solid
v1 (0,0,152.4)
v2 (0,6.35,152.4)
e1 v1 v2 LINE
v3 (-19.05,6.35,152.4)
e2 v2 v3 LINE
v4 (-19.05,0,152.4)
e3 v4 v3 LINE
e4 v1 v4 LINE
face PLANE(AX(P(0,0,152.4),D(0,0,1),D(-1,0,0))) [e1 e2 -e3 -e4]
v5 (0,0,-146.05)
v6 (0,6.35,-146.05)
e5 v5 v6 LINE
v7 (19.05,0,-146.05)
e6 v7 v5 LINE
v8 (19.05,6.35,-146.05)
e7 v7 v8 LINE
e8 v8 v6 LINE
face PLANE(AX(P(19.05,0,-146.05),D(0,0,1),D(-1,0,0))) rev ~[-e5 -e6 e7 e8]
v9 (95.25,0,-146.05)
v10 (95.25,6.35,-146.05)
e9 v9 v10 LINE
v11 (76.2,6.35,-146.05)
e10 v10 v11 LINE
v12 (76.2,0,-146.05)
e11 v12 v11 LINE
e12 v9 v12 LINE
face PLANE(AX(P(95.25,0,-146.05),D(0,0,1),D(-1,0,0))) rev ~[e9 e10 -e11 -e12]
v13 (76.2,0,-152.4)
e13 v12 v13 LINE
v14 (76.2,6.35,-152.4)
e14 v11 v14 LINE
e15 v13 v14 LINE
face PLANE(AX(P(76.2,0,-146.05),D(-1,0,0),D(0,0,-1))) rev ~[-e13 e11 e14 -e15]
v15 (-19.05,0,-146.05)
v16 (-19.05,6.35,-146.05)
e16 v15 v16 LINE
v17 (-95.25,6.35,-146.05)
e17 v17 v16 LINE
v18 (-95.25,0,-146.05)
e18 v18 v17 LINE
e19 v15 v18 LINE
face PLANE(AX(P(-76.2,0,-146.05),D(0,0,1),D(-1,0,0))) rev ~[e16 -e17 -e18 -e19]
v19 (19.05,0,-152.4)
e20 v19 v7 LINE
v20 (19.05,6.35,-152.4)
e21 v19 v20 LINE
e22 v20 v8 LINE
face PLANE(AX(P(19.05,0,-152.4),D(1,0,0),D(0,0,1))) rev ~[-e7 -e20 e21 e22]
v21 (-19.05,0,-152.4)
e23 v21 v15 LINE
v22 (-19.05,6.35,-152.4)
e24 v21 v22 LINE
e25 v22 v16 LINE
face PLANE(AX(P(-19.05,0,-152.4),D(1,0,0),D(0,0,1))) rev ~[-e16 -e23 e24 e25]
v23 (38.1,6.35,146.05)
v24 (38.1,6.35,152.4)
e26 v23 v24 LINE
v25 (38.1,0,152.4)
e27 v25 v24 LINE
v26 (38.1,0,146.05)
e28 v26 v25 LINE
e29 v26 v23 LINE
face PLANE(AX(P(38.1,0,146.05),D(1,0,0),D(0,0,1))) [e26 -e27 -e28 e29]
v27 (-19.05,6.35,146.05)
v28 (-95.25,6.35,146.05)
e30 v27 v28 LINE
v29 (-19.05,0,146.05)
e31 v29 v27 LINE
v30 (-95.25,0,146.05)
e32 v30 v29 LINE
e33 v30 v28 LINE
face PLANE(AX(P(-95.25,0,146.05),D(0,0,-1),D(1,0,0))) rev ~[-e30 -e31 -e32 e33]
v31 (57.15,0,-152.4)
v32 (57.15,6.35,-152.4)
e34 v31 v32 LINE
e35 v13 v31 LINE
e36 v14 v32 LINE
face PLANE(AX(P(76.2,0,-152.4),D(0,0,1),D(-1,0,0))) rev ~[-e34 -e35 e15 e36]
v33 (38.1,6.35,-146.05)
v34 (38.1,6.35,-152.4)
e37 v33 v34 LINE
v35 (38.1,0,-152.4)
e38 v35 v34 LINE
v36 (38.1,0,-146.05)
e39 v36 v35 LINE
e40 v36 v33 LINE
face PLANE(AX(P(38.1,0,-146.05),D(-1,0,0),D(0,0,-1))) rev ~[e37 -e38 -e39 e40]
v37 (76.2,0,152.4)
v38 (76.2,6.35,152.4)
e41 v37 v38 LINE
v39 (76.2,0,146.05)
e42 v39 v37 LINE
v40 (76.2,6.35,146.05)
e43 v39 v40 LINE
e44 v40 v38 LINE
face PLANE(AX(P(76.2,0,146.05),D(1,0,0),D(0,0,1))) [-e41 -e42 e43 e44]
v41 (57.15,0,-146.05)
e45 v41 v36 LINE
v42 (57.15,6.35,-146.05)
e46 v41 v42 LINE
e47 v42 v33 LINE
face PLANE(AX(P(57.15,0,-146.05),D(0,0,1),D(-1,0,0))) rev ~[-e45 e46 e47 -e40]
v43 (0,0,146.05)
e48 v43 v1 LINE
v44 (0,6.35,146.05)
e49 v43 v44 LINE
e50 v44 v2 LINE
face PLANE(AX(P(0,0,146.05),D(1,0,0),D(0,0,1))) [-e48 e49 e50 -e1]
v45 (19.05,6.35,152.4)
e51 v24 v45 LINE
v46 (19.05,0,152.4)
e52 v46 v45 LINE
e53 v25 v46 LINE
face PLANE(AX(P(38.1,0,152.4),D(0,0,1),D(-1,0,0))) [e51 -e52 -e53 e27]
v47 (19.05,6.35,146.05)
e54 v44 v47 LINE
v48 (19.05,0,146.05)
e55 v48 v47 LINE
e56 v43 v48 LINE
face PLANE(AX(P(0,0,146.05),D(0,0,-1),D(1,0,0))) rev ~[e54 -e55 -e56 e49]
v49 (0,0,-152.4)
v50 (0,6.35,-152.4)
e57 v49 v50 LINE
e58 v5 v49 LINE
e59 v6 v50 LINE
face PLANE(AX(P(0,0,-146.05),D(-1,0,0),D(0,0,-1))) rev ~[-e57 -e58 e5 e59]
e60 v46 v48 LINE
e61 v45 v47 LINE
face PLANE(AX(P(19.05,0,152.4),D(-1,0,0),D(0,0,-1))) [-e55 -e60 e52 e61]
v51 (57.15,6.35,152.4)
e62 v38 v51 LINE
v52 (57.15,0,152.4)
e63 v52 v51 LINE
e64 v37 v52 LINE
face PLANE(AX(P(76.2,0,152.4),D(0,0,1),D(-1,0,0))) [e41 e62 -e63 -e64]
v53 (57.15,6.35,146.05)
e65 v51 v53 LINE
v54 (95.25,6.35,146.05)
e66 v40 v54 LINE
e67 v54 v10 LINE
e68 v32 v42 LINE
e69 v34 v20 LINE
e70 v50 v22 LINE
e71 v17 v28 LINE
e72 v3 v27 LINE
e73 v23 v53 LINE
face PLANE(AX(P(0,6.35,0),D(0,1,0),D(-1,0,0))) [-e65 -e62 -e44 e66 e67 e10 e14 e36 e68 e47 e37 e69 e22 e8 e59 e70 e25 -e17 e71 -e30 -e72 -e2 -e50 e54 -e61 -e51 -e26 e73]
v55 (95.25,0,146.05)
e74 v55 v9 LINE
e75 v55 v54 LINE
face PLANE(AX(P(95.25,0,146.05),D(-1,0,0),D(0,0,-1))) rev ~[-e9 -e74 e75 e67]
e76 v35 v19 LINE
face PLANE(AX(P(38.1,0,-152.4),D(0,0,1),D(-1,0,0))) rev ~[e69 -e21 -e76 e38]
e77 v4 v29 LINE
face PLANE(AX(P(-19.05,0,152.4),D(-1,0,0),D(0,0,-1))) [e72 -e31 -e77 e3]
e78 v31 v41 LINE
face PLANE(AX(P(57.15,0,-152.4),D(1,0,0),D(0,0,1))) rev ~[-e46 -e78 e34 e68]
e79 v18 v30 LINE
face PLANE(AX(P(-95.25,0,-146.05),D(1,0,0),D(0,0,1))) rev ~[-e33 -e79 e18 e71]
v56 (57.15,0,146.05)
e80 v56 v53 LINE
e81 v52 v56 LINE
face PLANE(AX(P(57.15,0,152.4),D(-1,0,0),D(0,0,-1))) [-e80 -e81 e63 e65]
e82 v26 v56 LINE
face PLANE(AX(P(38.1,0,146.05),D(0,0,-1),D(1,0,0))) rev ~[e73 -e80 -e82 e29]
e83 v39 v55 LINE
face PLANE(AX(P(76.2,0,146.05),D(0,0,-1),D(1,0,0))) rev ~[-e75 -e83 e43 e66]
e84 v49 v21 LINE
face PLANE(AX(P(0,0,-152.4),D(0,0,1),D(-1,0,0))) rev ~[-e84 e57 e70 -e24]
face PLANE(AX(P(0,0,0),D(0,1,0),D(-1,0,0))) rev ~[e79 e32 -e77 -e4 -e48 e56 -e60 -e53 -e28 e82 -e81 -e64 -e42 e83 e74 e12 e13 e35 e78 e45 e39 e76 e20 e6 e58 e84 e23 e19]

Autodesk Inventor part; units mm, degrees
ref_plane "YZ Plane" through (0, 0, 0) normal (1, 0, 0) x (0, 1, 0)
ref_plane "XZ Plane" through (0, 0, 0) normal (0, 1, 0) x (-1, 0, 0)
ref_plane "XY Plane" through (0, 0, 0) normal (0, 0, 1) x (1, 0, 0)
sketch "Sketch1" plane through (0, 0, 0) normal (0, 1, 0) x (-1, 0, 0)
  line L0 (95.25, 146.05) -> (-95.25, 146.05)
  line L1 (-95.25, 146.05) -> (-95.25, -146.05)
  line L2 (-95.25, -146.05) -> (95.25, -146.05)
  line L3 (95.25, -146.05) -> (95.25, 146.05)
  line L4 (95.25, 146.05) -> (-95.25, -146.05) construction
  line L5 (-95.25, 146.05) -> (95.25, -146.05) construction
  line L6 (95.25, -146.05) -> (76.2, -146.05)
  line L7 (76.2, -146.05) -> (76.2, -152.4)
  line L8 (76.2, -152.4) -> (95.25, -152.4)
  line L9 (95.25, -152.4) -> (95.25, -146.05)
  line L10 (38.1, -146.05) -> (38.1, -152.4)
  line L11 (57.15, -146.05) -> (38.1, -146.05)
  line L12 (38.1, -152.4) -> (57.15, -152.4)
  line L13 (57.15, -152.4) -> (57.15, -146.05)
  line L14 (0, -146.05) -> (0, -152.4)
  line L15 (19.05, -146.05) -> (0, -146.05)
  line L16 (0, -152.4) -> (19.05, -152.4)
  line L17 (19.05, -152.4) -> (19.05, -146.05)
  line L18 (-38.1, -146.05) -> (-38.1, -152.4)
  line L19 (-19.05, -146.05) -> (-38.1, -146.05)
  line L20 (-38.1, -152.4) -> (-19.05, -152.4)
  line L21 (-19.05, -152.4) -> (-19.05, -146.05)
  line L22 (-76.2, -146.05) -> (-76.2, -152.4)
  line L23 (-57.15, -146.05) -> (-76.2, -146.05)
  line L24 (-76.2, -152.4) -> (-57.15, -152.4)
  line L25 (-57.15, -152.4) -> (-57.15, -146.05)
  line L26 (95.25, 0) -> (-95.25, 0) construction
  line L27 (95.25, 146.05) -> (76.2, 146.05)
  line L28 (76.2, 146.05) -> (76.2, 152.4)
  line L29 (76.2, 152.4) -> (95.25, 152.4)
  line L30 (95.25, 152.4) -> (95.25, 146.05)
  line L31 (57.15, 146.05) -> (38.1, 146.05)
  line L32 (38.1, 146.05) -> (38.1, 152.4)
  line L33 (38.1, 152.4) -> (57.15, 152.4)
  line L34 (57.15, 152.4) -> (57.15, 146.05)
  line L35 (19.05, 146.05) -> (0, 146.05)
  line L36 (0, 146.05) -> (0, 152.4)
  line L37 (0, 152.4) -> (19.05, 152.4)
  line L38 (19.05, 152.4) -> (19.05, 146.05)
  line L39 (-19.05, 146.05) -> (-38.1, 146.05)
  line L40 (-38.1, 146.05) -> (-38.1, 152.4)
  line L41 (-38.1, 152.4) -> (-19.05, 152.4)
  line L42 (-19.05, 152.4) -> (-19.05, 146.05)
  line L43 (-57.15, 146.05) -> (-76.2, 146.05)
  line L44 (-76.2, 146.05) -> (-76.2, 152.4)
  line L45 (-76.2, 152.4) -> (-57.15, 152.4)
  line L46 (-57.15, 152.4) -> (-57.15, 146.05)
  point P0 (0, 0)
  dimension "d0" = 292.1
  dimension "d1" = 190.5
  dimension "d2" = 19.05
  dimension "d3" = 6.35
  dimension "d6" = 38.1
  dimension "d11" = 19.05
  dimension "d12" = 6.35
  dimension "d15" = 38.1
extrude "Extrusion2" add sketch "Sketch1" along normal blind 6.35 contours L3 L2 L1 L0 | L0 L36 L37 L38 | L17 L16 L14 L2 | L0 L40 L41 L42 | L21 L20 L18 L2 | L0 L44 L45 L46 | L25 L24 L22 L2
properties part number "ramp"
